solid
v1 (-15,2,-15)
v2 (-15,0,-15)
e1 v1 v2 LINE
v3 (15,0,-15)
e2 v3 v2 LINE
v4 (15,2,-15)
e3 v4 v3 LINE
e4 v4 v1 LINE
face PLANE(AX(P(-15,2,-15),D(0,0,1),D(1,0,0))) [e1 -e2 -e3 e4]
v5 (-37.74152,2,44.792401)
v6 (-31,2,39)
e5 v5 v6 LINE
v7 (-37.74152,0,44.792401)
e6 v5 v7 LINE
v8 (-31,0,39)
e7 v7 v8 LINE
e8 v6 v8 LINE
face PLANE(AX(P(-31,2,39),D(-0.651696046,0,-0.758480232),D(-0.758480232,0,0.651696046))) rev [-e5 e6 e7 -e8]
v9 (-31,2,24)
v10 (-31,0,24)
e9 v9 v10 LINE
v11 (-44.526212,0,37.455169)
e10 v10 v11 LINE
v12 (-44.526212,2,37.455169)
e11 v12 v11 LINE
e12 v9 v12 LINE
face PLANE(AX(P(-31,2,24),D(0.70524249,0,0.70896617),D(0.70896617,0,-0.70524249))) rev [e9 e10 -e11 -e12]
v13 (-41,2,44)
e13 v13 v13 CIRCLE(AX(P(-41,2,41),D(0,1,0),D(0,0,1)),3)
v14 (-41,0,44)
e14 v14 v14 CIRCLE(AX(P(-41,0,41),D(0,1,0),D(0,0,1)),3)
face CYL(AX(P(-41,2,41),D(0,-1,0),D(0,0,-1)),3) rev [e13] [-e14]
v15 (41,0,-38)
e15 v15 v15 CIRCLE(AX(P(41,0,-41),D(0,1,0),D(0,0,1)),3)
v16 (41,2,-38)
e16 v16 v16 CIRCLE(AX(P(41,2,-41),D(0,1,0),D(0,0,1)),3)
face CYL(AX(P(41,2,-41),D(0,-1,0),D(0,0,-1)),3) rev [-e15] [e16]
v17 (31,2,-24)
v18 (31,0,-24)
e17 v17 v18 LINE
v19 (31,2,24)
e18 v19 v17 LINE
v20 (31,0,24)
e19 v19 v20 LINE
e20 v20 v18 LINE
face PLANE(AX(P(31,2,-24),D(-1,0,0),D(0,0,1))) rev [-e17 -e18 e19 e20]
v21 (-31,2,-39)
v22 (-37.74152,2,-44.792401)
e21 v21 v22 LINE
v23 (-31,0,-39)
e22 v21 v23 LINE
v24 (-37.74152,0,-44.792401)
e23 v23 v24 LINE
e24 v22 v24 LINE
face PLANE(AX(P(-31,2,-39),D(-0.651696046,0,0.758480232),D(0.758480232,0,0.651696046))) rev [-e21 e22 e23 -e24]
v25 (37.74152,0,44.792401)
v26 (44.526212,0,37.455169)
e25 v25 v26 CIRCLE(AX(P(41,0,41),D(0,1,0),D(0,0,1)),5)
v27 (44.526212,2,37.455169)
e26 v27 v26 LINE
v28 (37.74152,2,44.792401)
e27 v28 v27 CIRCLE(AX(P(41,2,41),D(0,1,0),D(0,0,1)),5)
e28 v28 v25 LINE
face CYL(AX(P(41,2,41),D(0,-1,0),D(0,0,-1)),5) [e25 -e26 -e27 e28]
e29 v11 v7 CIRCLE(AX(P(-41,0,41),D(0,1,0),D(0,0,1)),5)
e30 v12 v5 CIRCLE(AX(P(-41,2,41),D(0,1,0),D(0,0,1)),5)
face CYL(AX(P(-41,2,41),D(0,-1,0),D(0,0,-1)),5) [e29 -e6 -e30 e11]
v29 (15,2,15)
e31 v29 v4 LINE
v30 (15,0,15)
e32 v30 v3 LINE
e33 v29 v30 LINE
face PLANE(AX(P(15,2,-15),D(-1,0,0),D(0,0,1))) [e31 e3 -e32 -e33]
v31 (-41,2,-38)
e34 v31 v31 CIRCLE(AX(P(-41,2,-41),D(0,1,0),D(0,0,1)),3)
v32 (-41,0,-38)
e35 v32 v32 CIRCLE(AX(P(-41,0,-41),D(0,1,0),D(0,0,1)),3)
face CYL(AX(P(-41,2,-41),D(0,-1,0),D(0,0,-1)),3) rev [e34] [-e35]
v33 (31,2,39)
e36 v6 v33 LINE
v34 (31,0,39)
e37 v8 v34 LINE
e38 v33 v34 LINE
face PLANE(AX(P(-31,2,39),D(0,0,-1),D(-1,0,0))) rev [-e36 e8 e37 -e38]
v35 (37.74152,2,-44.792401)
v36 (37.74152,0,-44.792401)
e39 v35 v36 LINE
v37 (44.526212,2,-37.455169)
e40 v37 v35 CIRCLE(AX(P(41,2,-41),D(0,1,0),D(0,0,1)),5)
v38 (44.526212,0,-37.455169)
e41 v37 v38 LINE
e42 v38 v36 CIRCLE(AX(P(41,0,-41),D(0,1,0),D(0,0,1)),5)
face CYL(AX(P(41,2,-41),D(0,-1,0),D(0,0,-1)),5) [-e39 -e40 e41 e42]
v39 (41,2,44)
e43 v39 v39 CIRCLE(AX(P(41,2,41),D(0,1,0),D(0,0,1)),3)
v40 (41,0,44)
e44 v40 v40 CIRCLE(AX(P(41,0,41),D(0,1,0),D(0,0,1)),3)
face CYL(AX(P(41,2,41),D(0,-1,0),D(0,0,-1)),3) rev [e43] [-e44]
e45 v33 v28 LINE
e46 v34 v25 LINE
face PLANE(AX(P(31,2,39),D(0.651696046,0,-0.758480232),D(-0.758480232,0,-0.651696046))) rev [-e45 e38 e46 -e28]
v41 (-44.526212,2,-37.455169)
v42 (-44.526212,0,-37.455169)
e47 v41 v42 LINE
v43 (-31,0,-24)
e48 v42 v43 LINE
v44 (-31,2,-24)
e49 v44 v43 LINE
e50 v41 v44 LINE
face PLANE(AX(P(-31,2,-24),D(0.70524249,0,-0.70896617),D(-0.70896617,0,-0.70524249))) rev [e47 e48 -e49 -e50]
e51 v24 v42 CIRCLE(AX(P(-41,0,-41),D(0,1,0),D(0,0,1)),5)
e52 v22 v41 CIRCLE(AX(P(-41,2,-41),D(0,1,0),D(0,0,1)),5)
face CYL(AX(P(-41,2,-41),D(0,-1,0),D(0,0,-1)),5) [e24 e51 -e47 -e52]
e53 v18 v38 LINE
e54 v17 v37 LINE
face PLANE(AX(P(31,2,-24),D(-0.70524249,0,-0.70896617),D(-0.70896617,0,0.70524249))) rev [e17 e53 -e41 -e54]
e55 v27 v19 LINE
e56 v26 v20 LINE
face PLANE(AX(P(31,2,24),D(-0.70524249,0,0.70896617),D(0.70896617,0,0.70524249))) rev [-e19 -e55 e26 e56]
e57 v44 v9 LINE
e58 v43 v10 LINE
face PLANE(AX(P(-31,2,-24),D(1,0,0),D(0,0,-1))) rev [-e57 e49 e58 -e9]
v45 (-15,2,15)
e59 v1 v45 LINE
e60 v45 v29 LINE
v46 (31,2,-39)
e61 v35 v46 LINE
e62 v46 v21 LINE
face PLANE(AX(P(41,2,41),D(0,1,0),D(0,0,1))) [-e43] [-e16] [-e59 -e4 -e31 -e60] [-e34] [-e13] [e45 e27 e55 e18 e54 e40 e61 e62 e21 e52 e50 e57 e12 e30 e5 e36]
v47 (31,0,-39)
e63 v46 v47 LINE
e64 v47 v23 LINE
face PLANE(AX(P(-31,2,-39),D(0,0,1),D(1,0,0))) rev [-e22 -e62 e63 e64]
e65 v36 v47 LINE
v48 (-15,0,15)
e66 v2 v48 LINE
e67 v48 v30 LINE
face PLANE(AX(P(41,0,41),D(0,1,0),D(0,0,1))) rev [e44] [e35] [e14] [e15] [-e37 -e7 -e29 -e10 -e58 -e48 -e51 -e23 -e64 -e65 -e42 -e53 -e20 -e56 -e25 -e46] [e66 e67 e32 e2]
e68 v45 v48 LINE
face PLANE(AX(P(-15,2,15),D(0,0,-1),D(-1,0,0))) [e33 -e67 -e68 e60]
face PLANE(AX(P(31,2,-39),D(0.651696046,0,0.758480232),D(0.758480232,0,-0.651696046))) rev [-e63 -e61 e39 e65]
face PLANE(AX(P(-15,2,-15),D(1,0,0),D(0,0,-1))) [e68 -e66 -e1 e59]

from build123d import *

# Parameters (mm, degrees)
CROQUIS1_R              = 3
CROQUIS1_W              = 30
CROQUIS1_H              = 30
SALIENTE_EXTRUIR1_DEPTH = 2


with BuildPart() as part:
    # Croquis1 → Saliente-Extruir1 (new body)
    with BuildSketch(Plane(origin=(0, 0, 0), x_dir=(1, 0, 0), z_dir=(0, 1, 0))):
        with BuildLine():
            Line((-31, 39), (-37.741519768, 44.792401162))
            ThreePointArc((-37.741519768, 44.792401162), (-44.671057551, 44.394604021), (-44.526212448, 37.455169148))
            Line((-44.526212448, 37.455169148), (-31, 24))
            Line((-31, 24), (-31, -24))
            Line((-31, -24), (-44.526212448, -37.455169148))
            ThreePointArc((-44.526212448, -37.455169148), (-44.671057551, -44.394604021), (-37.741519768, -44.792401162))
            Line((-37.741519768, -44.792401162), (-31, -39))
            Line((-31, -39), (31, -39))
            Line((31, -39), (37.741519768, -44.792401162))
            ThreePointArc((37.741519768, -44.792401162), (44.671057551, -44.394604021), (44.526212448, -37.455169148))
            Line((44.526212448, -37.455169148), (31, -24))
            Line((31, -24), (31, 24))
            Line((31, 24), (44.526212448, 37.455169148))
            ThreePointArc((44.526212448, 37.455169148), (44.671057551, 44.394604021), (37.741519768, 44.792401162))
            Line((37.741519768, 44.792401162), (31, 39))
            Line((31, 39), (-31, 39))
        make_face()
        with Locations(Location((-41, 41, 0), (0, 0, 270))):
            Circle(CROQUIS1_R, mode=Mode.SUBTRACT)
        with Locations(Location((41, 41, 0), (0, 0, 270))):
            Circle(CROQUIS1_R, mode=Mode.SUBTRACT)
        with Locations(Location((41, -41, 0), (0, 0, 270))):
            Circle(CROQUIS1_R, mode=Mode.SUBTRACT)
        with Locations(Location((-41, -41, 0), (0, 0, 270))):
            Circle(CROQUIS1_R, mode=Mode.SUBTRACT)
        Rectangle(CROQUIS1_W, CROQUIS1_H, mode=Mode.SUBTRACT)
    extrude(amount=SALIENTE_EXTRUIR1_DEPTH)


solid = part.part
